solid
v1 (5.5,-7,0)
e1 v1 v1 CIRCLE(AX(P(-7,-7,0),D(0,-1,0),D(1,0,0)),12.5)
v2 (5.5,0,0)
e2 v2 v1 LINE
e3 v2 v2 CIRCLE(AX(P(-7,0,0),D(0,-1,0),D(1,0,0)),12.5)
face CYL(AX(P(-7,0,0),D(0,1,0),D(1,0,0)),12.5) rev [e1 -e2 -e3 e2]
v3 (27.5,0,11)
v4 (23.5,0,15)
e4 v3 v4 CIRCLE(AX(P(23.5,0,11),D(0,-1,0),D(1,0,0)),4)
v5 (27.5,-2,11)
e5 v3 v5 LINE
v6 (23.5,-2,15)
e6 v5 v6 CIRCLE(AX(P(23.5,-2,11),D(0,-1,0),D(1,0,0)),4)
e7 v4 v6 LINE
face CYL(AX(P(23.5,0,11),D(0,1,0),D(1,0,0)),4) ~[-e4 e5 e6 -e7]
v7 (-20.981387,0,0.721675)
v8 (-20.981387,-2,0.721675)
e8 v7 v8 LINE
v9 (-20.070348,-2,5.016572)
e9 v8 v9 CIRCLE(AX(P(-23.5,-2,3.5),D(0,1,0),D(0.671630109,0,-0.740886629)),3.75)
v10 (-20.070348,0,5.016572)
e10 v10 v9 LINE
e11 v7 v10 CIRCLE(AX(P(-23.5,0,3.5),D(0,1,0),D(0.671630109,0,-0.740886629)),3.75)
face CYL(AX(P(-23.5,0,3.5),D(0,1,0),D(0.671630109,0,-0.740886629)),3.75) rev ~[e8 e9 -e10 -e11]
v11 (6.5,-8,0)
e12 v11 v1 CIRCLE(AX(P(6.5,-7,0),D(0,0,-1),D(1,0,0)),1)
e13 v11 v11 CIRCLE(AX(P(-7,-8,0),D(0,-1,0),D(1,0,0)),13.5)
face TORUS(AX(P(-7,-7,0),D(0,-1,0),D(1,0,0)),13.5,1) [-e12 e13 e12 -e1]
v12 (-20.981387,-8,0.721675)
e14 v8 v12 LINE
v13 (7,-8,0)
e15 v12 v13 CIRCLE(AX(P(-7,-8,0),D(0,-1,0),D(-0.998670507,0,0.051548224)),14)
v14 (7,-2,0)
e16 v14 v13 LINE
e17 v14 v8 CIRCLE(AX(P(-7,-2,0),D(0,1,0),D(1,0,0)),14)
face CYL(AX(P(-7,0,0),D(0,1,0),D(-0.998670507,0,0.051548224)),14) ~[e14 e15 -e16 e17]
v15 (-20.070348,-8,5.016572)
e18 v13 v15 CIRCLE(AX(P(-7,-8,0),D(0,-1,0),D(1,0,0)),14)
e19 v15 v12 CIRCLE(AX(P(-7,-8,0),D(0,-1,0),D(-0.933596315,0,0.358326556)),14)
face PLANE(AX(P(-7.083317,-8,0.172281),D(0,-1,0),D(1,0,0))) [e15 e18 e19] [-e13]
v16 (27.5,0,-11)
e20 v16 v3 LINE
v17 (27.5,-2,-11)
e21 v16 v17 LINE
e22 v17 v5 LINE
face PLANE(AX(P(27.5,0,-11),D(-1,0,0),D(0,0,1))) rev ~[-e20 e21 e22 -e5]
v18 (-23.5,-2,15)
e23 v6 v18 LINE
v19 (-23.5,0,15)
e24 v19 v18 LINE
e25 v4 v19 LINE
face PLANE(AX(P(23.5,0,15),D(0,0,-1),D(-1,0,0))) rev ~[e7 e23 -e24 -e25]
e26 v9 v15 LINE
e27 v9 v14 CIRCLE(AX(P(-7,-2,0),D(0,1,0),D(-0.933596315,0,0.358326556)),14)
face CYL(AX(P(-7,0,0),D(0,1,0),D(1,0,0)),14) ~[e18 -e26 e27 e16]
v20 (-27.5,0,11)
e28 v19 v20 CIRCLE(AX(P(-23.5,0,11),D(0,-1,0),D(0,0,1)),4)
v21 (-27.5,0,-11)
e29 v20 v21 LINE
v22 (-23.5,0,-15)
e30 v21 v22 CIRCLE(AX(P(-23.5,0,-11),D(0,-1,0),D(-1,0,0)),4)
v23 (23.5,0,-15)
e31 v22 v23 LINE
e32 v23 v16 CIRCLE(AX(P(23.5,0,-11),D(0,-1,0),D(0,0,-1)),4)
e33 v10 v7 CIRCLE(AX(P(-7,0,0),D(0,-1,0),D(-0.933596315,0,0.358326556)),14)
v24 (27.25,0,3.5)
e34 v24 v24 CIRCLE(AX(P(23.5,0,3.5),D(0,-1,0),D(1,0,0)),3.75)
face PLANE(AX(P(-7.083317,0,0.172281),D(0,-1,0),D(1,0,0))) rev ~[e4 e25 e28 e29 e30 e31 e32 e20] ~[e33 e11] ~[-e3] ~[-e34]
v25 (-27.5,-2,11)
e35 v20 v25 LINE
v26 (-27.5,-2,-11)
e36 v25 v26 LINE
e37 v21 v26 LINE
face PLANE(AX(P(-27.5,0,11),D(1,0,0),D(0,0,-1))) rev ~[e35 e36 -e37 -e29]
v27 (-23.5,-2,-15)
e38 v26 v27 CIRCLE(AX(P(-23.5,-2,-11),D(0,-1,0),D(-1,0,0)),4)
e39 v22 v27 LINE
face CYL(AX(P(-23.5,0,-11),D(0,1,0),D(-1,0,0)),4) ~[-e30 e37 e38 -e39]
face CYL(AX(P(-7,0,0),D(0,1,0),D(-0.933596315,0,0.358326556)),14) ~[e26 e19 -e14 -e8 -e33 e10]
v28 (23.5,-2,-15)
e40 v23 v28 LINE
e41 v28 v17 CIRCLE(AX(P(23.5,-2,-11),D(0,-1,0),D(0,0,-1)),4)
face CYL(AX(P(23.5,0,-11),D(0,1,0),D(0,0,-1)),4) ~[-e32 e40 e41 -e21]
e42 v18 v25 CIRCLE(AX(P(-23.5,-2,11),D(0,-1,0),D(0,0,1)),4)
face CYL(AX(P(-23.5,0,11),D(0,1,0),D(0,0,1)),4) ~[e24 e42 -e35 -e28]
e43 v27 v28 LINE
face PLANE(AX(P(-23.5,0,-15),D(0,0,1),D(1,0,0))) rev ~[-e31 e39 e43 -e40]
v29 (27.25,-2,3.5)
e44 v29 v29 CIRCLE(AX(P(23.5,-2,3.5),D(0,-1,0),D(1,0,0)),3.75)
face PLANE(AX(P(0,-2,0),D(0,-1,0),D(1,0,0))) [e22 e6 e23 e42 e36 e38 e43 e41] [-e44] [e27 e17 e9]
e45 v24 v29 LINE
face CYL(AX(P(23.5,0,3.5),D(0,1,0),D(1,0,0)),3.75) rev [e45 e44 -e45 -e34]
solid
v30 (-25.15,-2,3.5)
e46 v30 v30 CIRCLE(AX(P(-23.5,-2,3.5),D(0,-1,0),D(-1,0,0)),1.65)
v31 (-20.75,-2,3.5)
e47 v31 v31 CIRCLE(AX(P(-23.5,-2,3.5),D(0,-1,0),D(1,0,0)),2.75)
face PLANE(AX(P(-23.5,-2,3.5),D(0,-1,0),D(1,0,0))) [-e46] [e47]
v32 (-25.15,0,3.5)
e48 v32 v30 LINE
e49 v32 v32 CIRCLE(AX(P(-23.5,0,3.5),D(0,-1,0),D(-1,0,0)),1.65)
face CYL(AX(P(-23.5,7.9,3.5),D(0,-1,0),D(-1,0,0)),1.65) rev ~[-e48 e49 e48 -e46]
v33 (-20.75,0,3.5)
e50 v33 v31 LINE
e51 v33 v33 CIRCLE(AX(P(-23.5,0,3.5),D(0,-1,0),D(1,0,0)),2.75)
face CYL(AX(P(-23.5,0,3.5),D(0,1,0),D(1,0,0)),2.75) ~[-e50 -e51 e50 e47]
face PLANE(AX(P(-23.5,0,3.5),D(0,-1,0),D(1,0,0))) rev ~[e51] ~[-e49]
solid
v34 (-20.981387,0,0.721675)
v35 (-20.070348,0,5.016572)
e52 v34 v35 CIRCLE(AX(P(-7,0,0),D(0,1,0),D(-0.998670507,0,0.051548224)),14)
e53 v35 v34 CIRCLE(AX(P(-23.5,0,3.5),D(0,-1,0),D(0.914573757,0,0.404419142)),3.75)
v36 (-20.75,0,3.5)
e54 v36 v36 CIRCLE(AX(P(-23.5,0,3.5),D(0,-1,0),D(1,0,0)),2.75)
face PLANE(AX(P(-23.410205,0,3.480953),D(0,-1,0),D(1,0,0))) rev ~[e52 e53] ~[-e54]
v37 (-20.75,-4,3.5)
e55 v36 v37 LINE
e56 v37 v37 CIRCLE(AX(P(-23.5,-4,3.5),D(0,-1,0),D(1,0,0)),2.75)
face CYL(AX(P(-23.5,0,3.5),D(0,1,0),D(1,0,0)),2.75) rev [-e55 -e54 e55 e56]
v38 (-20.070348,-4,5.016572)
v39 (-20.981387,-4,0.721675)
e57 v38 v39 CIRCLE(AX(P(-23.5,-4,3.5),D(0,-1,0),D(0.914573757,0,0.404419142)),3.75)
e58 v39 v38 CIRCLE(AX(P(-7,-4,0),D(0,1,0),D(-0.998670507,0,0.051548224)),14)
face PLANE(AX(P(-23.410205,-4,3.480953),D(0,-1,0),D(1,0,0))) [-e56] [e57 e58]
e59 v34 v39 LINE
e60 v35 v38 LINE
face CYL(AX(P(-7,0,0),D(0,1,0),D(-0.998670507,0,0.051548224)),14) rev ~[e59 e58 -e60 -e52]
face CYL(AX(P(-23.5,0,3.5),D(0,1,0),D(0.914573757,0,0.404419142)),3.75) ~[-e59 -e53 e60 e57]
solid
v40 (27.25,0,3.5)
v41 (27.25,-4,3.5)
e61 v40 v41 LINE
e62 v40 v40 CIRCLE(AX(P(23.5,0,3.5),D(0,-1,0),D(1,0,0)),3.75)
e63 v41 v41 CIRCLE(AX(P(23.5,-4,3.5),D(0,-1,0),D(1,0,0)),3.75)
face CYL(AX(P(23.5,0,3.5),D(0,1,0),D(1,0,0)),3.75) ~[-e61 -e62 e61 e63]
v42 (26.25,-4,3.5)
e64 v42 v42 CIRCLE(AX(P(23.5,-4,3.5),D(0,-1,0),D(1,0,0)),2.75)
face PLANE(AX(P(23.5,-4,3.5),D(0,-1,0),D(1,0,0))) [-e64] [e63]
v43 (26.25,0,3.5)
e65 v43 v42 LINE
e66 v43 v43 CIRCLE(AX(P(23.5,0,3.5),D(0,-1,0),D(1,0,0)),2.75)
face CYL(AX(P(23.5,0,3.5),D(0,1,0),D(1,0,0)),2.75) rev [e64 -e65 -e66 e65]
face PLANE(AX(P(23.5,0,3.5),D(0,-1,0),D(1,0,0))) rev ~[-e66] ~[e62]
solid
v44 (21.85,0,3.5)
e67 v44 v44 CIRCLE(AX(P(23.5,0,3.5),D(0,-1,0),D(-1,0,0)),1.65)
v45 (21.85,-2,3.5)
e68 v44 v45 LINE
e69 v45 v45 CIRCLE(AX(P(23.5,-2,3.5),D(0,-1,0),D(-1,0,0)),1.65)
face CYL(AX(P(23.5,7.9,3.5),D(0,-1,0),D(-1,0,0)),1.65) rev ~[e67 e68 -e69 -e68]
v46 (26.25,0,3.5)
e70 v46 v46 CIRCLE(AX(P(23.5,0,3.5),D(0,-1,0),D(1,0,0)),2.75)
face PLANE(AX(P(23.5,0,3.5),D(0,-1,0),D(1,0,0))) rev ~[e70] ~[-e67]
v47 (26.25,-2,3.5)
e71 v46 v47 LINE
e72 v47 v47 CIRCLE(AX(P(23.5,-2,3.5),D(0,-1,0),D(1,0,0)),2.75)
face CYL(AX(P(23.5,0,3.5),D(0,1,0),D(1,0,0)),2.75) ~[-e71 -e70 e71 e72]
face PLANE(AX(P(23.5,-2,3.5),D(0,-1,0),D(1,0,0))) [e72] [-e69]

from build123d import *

# Parameters (mm, degrees)
F0_R       = 3.75
F1_DEPTH   = 2
F0_R_2     = 2.75
F0_R_3     = 12.5
F2_DEPTH   = 8
F3_DEPTH   = 4
F4_R       = 1
F5_D       = 3.3
F5_DEPTH   = 7.9
F5_TIP     = 0.9914200214
F5_2_D     = 3.3
F5_2_DEPTH = 7.9
F5_2_TIP   = 0.9914200214


with BuildPart() as f1:
    # F0 (on Front) → F1 (new body)
    with BuildSketch(Plane.XZ):
        with BuildLine():
            Line((-23.5, -15), (23.5, -15))
            ThreePointArc((23.5, -15), (26.3284271247, -13.8284271247), (27.5, -11))
            Line((27.5, -11), (27.5, 11))
            ThreePointArc((27.5, 11), (26.3284271247, 13.8284271247), (23.5, 15))
            Line((23.5, 15), (-23.5, 15))
            ThreePointArc((-23.5, 15), (-26.3284271247, 13.8284271247), (-27.5, 11))
            Line((-27.5, 11), (-27.5, -11))
            ThreePointArc((-27.5, -11), (-26.3284271247, -13.8284271247), (-23.5, -15))
        make_face()
        with BuildLine():
            ThreePointArc((-20.0703484099, 5.0165717821), (-4.4490078144, 13.7656252626), (7, 0))
            ThreePointArc((7, 0), (-7.3609575638, -13.9953459992), (-20.981387091, 0.7216751423))
            ThreePointArc((-20.981387091, 0.7216751423), (-27.1683779691, 4.2781407813), (-20.0703484099, 5.0165717821))
        make_face(mode=Mode.SUBTRACT)
        with Locations((23.5, 3.5)):
            Circle(F0_R, mode=Mode.SUBTRACT)
    extrude(amount=F1_DEPTH)

    # F0 (on Front) → F2 (join)
    with BuildSketch(Plane.XZ):
        with BuildLine():
            ThreePointArc((-20.981387091, 0.7216751423), (-7.3609575638, -13.9953459992), (7, 0))
            ThreePointArc((7, 0), (-4.4490078144, 13.7656252626), (-20.0703484099, 5.0165717821))
            ThreePointArc((-20.0703484099, 5.0165717821), (-19.8309610616, 4.2750182375), (-19.75, 3.5))
            ThreePointArc((-19.75, 3.5), (-20.07164045, 1.9805096921), (-20.981387091, 0.7216751423))
        make_face()
        with Locations((-7, 0)):
            Circle(F0_R_3, mode=Mode.SUBTRACT)
        with BuildLine():
            ThreePointArc((-19.75, 3.5), (-19.8309610616, 4.2750182375), (-20.0703484099, 5.0165717821))
            ThreePointArc((-20.0703484099, 5.0165717821), (-20.6952777514, 2.905058917), (-20.981387091, 0.7216751423))
            ThreePointArc((-20.981387091, 0.7216751423), (-20.07164045, 1.9805096921), (-19.75, 3.5))
        make_face()
    extrude(amount=F2_DEPTH)

    # F4
    f4_edges = [f1.edges().sort_by_distance(p)[0] for p in [
        (-19.5, -8, 0),
    ]]
    fillet(f4_edges, radius=F4_R)


with BuildPart() as f1b:
    # F0 (on Front) → F1, piece 2 (new body)
    with BuildSketch(Plane.XZ):
        with Locations((-23.5, 3.5)):
            Circle(F0_R_2)
    extrude(amount=F1_DEPTH)

    # F5
    with Locations(Plane(origin=(0, 0, 0), x_dir=(1, 0, 0), z_dir=(0, 1, 0))):
        with Locations((-23.5, -3.5), (23.5, -3.5)):
            Hole(F5_D / 2, depth=F5_DEPTH)
            with Locations((0, 0, -(F5_DEPTH + F5_TIP / 2))):  # 118° drill point
                Cone(0, F5_D / 2, F5_TIP, mode=Mode.SUBTRACT)


with BuildPart() as f1c:
    # F0 (on Front) → F1, piece 3 (new body)
    with BuildSketch(Plane.XZ):
        with Locations((23.5, 3.5)):
            Circle(F0_R_2)
    extrude(amount=F1_DEPTH)

    # F5#2
    with Locations(Plane(origin=(0, 0, 0), x_dir=(1, 0, 0), z_dir=(0, 1, 0))):
        with Locations((-23.5, -3.5), (23.5, -3.5)):
            Hole(F5_2_D / 2, depth=F5_2_DEPTH)
            with Locations((0, 0, -(F5_2_DEPTH + F5_2_TIP / 2))):  # 118° drill point
                Cone(0, F5_2_D / 2, F5_2_TIP, mode=Mode.SUBTRACT)


with BuildPart() as f3:
    # F0 (on Front) → F3 (new body)
    with BuildSketch(Plane.XZ):
        with BuildLine():
            ThreePointArc((-20.981387091, 0.7216751423), (-20.6952777514, 2.905058917), (-20.0703484099, 5.0165717821))
            ThreePointArc((-20.0703484099, 5.0165717821), (-27.1683779691, 4.2781407813), (-20.981387091, 0.7216751423))
        make_face()
        with Locations((-23.5, 3.5)):
            Circle(F0_R_2, mode=Mode.SUBTRACT)
    extrude(amount=F3_DEPTH)


with BuildPart() as f3b:
    # F0 (on Front) → F3, piece 2 (new body)
    with BuildSketch(Plane.XZ):
        with Locations((23.5, 3.5)):
            Circle(F0_R)
        with Locations((23.5, 3.5)):
            Circle(F0_R_2, mode=Mode.SUBTRACT)
    extrude(amount=F3_DEPTH)


solid = Compound([f1.part, f1b.part, f1c.part, f3.part, f3b.part])
